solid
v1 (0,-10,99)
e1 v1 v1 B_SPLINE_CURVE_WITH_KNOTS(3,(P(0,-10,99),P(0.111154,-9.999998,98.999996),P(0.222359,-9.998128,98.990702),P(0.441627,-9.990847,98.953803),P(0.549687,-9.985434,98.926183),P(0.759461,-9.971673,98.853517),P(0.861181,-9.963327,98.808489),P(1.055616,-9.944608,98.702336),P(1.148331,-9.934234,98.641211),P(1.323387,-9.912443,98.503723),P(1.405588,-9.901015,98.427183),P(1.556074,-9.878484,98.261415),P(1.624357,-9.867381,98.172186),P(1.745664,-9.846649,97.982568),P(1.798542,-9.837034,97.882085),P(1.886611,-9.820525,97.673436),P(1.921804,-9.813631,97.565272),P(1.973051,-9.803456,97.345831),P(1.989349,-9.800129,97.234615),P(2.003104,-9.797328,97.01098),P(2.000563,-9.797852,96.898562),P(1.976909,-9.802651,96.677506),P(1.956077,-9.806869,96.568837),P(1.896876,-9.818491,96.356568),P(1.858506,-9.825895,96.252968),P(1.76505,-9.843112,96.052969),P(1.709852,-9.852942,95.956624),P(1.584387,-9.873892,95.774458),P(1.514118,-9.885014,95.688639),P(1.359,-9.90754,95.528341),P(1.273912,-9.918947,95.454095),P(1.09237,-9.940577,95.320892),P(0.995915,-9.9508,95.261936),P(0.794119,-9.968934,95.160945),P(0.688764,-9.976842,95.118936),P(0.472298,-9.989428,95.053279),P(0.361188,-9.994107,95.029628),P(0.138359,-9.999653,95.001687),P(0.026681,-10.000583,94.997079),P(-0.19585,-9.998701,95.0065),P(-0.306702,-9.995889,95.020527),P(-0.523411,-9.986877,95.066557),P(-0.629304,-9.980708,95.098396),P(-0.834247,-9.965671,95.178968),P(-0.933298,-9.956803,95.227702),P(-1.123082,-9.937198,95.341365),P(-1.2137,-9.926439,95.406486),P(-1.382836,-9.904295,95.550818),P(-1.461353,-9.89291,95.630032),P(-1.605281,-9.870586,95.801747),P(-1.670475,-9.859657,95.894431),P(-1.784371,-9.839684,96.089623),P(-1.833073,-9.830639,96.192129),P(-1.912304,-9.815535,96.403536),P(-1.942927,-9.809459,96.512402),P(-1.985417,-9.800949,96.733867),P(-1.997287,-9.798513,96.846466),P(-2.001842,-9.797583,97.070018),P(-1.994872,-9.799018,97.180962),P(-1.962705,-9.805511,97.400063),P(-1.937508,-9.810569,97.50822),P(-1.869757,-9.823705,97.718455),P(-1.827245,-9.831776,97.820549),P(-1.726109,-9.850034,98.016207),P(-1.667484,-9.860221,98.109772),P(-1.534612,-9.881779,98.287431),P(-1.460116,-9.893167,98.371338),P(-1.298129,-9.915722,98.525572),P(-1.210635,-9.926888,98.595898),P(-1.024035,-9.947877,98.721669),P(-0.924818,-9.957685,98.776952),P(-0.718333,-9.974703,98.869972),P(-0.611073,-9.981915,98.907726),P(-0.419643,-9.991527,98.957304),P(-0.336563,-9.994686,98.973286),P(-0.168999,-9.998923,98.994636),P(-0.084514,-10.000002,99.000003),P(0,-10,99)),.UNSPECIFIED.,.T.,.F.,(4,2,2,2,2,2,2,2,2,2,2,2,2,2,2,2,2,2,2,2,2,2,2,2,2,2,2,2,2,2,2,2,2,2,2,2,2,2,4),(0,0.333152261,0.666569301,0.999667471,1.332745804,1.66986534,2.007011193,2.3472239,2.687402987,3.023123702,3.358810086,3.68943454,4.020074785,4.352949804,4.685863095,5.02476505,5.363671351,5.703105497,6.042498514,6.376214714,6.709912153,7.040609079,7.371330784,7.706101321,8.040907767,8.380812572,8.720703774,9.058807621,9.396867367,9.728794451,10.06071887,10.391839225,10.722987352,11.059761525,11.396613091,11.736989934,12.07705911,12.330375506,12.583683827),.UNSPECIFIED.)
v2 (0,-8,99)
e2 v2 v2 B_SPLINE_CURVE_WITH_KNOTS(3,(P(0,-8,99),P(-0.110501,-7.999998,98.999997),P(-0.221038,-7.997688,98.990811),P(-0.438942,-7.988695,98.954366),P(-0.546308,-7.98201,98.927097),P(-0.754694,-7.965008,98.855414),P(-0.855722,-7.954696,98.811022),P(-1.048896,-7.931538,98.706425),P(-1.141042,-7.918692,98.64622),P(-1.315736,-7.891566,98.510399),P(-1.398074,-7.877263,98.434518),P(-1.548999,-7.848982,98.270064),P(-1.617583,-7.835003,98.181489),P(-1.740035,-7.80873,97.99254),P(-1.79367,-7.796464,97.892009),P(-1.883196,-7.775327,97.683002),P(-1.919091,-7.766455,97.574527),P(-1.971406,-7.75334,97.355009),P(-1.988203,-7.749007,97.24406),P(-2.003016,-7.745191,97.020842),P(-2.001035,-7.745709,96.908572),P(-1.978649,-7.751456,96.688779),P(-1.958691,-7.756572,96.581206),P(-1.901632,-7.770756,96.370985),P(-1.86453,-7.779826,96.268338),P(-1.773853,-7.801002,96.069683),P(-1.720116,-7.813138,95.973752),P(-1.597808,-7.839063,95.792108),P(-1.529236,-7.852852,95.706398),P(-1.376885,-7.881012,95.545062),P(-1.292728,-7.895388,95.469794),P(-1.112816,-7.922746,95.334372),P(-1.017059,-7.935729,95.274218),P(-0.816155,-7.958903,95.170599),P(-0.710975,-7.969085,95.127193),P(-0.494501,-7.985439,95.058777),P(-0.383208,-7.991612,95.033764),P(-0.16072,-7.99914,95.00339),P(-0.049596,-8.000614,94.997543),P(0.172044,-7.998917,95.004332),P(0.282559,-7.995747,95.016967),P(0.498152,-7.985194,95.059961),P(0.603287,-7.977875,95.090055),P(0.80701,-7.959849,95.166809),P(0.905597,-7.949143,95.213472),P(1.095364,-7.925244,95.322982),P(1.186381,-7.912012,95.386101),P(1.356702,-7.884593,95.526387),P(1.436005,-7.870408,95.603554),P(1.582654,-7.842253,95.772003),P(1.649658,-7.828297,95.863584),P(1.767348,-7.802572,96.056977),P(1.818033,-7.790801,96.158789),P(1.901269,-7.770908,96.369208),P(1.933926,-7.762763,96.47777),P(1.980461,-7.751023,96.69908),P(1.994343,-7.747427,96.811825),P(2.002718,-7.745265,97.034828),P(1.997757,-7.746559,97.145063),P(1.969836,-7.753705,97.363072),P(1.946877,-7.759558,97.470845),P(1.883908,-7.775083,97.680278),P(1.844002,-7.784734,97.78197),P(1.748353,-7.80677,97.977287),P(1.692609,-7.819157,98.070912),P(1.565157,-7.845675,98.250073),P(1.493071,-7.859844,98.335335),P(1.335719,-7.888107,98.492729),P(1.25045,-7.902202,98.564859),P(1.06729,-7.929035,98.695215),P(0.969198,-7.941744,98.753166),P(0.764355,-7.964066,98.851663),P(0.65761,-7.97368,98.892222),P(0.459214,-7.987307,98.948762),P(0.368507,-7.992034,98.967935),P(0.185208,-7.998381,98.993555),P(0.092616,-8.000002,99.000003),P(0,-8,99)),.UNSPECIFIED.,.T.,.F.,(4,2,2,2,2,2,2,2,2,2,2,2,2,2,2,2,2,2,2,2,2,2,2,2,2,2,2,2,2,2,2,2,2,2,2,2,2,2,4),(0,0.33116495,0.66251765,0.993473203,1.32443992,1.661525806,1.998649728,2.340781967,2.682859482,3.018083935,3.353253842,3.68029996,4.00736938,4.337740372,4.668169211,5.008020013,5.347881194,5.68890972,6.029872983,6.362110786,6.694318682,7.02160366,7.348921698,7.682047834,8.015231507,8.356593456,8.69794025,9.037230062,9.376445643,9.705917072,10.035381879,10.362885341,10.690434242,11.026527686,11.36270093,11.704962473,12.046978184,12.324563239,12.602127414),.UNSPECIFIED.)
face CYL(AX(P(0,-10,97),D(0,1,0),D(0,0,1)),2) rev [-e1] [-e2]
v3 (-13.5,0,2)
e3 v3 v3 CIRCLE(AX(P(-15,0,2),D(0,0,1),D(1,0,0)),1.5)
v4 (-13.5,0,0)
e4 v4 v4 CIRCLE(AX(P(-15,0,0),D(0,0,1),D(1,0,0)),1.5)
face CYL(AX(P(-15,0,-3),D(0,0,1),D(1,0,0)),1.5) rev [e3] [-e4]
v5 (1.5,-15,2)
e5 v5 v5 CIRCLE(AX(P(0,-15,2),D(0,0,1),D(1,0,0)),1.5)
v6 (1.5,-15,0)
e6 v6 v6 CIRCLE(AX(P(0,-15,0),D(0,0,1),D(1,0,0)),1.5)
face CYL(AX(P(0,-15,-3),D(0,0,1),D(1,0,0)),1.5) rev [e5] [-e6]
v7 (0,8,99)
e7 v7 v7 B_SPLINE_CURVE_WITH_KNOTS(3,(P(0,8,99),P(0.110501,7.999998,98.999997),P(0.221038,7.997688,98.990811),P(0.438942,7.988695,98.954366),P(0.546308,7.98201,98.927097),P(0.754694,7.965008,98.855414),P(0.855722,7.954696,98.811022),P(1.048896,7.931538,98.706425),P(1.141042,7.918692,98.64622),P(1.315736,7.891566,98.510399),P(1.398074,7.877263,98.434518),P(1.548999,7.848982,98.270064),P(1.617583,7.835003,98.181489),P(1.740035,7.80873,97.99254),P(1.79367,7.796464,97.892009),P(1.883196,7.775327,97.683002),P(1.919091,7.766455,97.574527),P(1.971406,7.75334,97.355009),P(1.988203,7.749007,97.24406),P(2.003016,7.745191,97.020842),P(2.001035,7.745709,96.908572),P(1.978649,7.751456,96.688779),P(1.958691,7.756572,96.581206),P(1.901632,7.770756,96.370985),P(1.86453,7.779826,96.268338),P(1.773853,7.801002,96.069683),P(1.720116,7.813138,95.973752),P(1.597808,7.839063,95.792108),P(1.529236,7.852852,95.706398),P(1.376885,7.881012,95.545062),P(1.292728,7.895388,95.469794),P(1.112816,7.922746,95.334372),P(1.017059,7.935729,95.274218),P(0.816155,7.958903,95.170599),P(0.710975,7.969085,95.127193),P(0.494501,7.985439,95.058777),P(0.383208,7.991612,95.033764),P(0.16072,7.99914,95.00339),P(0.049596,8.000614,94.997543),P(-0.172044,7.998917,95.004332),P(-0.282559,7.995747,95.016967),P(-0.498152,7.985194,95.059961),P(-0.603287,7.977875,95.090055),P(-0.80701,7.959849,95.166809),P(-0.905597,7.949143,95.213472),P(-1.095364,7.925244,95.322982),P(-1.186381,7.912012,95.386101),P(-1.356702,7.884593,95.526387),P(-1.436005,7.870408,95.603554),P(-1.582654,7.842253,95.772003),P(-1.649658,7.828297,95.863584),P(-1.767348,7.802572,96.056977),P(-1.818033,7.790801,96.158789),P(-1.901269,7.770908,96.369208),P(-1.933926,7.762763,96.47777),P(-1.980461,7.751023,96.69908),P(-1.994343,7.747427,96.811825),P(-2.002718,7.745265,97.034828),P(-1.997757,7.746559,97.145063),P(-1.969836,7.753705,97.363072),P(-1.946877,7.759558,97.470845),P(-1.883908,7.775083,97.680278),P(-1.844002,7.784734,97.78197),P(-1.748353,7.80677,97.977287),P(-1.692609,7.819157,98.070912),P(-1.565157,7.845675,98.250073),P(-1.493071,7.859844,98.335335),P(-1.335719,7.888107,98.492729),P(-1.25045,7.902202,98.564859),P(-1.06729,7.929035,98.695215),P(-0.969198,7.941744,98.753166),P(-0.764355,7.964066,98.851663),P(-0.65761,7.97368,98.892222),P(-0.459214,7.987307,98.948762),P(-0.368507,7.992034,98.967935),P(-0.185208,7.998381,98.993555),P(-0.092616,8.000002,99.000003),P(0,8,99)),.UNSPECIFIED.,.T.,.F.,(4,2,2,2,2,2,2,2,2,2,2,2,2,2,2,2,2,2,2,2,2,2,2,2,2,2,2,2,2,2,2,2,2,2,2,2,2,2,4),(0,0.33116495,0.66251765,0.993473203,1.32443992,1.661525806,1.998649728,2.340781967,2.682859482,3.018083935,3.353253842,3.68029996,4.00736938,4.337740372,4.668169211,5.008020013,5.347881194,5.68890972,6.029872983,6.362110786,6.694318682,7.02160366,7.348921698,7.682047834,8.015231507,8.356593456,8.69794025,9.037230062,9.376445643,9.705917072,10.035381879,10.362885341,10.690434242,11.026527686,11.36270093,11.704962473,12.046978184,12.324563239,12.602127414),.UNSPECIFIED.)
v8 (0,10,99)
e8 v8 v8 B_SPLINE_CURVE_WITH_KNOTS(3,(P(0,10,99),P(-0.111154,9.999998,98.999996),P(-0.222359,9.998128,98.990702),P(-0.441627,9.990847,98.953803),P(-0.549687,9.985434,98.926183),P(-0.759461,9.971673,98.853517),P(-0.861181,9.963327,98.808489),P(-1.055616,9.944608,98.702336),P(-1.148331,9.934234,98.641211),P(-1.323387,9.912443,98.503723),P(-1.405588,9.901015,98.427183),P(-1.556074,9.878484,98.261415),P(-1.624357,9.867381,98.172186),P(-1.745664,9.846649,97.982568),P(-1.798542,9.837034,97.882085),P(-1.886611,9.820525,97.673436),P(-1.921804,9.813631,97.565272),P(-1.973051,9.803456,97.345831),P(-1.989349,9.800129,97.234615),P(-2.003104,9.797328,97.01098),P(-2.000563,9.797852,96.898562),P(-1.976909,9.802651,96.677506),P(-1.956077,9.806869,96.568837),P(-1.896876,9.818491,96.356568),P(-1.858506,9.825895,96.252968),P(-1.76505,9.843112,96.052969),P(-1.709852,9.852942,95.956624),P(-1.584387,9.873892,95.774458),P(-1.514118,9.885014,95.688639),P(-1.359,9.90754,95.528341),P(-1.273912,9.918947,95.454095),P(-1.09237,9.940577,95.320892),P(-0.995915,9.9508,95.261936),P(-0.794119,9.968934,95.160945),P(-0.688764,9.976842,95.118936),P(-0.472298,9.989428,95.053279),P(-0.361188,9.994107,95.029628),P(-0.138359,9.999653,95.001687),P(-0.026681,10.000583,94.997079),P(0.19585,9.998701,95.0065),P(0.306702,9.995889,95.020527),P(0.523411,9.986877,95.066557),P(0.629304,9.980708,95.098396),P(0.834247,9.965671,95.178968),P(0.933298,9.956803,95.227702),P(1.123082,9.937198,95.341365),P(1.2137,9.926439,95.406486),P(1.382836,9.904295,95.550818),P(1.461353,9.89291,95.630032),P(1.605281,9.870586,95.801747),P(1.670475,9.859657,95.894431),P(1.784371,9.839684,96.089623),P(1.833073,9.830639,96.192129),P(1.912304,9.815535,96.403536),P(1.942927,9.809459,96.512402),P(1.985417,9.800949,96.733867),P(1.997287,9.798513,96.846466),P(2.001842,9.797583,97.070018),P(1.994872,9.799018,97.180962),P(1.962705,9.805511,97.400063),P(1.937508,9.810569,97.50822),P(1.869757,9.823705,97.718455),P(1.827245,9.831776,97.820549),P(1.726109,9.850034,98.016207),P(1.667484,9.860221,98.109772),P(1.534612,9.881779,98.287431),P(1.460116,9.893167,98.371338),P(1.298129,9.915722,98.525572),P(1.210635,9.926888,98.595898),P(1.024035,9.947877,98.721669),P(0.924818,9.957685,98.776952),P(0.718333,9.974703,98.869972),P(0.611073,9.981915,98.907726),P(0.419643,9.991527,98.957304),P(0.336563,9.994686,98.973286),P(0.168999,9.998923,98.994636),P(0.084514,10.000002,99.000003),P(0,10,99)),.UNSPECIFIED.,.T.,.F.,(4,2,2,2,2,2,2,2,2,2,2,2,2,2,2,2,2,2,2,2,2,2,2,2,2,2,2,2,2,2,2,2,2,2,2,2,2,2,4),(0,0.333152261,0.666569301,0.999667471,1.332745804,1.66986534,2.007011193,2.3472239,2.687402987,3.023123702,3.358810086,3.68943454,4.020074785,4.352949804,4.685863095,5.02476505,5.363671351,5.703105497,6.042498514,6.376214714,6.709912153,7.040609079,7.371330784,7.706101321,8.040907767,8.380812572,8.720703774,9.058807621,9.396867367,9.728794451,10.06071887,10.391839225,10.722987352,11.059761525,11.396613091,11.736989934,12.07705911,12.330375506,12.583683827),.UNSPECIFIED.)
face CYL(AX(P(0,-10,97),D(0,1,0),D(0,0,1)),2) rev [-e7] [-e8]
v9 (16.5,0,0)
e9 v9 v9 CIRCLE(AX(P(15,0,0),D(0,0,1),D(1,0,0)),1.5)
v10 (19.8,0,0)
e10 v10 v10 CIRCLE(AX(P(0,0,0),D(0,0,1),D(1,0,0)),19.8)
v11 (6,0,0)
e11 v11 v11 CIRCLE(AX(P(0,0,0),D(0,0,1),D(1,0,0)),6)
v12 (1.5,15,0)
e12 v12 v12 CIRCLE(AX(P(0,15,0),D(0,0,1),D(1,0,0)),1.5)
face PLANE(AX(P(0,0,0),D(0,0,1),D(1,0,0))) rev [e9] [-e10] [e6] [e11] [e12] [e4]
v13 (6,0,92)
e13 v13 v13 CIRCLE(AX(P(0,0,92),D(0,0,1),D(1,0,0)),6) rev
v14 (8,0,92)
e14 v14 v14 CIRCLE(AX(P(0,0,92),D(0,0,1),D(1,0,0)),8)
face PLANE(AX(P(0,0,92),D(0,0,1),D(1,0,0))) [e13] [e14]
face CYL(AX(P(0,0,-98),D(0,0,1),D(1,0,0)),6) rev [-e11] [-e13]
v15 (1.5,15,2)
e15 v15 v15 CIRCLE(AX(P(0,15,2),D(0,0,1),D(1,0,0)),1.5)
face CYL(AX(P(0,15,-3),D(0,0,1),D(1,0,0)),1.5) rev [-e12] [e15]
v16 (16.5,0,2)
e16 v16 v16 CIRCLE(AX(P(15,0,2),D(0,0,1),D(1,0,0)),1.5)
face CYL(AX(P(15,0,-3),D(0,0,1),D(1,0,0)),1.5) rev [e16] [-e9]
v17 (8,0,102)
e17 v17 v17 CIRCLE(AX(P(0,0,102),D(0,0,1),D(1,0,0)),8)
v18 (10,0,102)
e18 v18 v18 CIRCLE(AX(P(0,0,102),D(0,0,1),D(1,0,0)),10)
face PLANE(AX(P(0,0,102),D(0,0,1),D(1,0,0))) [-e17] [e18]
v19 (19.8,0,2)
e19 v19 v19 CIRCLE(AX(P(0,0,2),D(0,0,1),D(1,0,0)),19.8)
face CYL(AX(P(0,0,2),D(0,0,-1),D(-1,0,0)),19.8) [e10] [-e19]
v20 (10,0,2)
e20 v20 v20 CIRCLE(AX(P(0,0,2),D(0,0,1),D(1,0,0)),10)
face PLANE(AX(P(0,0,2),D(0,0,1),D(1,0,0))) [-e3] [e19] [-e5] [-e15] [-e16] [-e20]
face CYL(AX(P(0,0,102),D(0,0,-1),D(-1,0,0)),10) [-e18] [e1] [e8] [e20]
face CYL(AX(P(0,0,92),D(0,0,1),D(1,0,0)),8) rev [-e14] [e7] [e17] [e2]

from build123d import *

# Parameters (mm, degrees)
SKETCH1_R           = 19.8
BOSS_EXTRUDE1_DEPTH = 2
SKETCH2_R           = 1.5
CUT_EXTRUDE1_DEPTH  = 5
SKETCH3_R           = 10
BOSS_EXTRUDE2_DEPTH = 100
SKETCH4_R           = 6
CUT_EXTRUDE3_DEPTH  = 200
SKETCH6_R           = 8
CUT_EXTRUDE4_DEPTH  = 10
SKETCH13_R          = 2
CUT_EXTRUDE7_DEPTH  = 20


with BuildPart() as part:
    # Sketch1 → Boss-Extrude1 (new body)
    with BuildSketch(Plane.XY):
        Circle(SKETCH1_R)
    extrude(amount=BOSS_EXTRUDE1_DEPTH)

    # Sketch2 → Cut-Extrude1 (cut)
    with BuildSketch(Plane.XY.offset(2)):
        with Locations((0, 15)):
            Circle(SKETCH2_R)
        with Locations((15, 0)):
            Circle(SKETCH2_R)
        with Locations((0, -15)):
            Circle(SKETCH2_R)
        with Locations((-15, 0)):
            Circle(SKETCH2_R)
    extrude(amount=-CUT_EXTRUDE1_DEPTH, mode=Mode.SUBTRACT)

    # Sketch3 → Boss-Extrude2 (add)
    with BuildSketch(Plane.XY.offset(2)):
        Circle(SKETCH3_R)
    extrude(amount=BOSS_EXTRUDE2_DEPTH)

    # Sketch4 → Cut-Extrude3 (cut)
    with BuildSketch(Plane.XY.offset(102)):
        Circle(SKETCH4_R)
    extrude(amount=-CUT_EXTRUDE3_DEPTH, mode=Mode.SUBTRACT)

    # Sketch6 → Cut-Extrude4 (cut)
    with BuildSketch(Plane.XY.offset(102)):
        Circle(SKETCH6_R)
    extrude(amount=-CUT_EXTRUDE4_DEPTH, mode=Mode.SUBTRACT)

    # Sketch13 → Cut-Extrude7 (cut)
    with BuildSketch(Plane(origin=(0, 10, 0), x_dir=(1, 0, 0), z_dir=(0, 1, 0))):
        with Locations(Location((0, -97, 0), (0, 0, 270))):
            Circle(SKETCH13_R)
    extrude(amount=-CUT_EXTRUDE7_DEPTH, mode=Mode.SUBTRACT)


solid = part.part
